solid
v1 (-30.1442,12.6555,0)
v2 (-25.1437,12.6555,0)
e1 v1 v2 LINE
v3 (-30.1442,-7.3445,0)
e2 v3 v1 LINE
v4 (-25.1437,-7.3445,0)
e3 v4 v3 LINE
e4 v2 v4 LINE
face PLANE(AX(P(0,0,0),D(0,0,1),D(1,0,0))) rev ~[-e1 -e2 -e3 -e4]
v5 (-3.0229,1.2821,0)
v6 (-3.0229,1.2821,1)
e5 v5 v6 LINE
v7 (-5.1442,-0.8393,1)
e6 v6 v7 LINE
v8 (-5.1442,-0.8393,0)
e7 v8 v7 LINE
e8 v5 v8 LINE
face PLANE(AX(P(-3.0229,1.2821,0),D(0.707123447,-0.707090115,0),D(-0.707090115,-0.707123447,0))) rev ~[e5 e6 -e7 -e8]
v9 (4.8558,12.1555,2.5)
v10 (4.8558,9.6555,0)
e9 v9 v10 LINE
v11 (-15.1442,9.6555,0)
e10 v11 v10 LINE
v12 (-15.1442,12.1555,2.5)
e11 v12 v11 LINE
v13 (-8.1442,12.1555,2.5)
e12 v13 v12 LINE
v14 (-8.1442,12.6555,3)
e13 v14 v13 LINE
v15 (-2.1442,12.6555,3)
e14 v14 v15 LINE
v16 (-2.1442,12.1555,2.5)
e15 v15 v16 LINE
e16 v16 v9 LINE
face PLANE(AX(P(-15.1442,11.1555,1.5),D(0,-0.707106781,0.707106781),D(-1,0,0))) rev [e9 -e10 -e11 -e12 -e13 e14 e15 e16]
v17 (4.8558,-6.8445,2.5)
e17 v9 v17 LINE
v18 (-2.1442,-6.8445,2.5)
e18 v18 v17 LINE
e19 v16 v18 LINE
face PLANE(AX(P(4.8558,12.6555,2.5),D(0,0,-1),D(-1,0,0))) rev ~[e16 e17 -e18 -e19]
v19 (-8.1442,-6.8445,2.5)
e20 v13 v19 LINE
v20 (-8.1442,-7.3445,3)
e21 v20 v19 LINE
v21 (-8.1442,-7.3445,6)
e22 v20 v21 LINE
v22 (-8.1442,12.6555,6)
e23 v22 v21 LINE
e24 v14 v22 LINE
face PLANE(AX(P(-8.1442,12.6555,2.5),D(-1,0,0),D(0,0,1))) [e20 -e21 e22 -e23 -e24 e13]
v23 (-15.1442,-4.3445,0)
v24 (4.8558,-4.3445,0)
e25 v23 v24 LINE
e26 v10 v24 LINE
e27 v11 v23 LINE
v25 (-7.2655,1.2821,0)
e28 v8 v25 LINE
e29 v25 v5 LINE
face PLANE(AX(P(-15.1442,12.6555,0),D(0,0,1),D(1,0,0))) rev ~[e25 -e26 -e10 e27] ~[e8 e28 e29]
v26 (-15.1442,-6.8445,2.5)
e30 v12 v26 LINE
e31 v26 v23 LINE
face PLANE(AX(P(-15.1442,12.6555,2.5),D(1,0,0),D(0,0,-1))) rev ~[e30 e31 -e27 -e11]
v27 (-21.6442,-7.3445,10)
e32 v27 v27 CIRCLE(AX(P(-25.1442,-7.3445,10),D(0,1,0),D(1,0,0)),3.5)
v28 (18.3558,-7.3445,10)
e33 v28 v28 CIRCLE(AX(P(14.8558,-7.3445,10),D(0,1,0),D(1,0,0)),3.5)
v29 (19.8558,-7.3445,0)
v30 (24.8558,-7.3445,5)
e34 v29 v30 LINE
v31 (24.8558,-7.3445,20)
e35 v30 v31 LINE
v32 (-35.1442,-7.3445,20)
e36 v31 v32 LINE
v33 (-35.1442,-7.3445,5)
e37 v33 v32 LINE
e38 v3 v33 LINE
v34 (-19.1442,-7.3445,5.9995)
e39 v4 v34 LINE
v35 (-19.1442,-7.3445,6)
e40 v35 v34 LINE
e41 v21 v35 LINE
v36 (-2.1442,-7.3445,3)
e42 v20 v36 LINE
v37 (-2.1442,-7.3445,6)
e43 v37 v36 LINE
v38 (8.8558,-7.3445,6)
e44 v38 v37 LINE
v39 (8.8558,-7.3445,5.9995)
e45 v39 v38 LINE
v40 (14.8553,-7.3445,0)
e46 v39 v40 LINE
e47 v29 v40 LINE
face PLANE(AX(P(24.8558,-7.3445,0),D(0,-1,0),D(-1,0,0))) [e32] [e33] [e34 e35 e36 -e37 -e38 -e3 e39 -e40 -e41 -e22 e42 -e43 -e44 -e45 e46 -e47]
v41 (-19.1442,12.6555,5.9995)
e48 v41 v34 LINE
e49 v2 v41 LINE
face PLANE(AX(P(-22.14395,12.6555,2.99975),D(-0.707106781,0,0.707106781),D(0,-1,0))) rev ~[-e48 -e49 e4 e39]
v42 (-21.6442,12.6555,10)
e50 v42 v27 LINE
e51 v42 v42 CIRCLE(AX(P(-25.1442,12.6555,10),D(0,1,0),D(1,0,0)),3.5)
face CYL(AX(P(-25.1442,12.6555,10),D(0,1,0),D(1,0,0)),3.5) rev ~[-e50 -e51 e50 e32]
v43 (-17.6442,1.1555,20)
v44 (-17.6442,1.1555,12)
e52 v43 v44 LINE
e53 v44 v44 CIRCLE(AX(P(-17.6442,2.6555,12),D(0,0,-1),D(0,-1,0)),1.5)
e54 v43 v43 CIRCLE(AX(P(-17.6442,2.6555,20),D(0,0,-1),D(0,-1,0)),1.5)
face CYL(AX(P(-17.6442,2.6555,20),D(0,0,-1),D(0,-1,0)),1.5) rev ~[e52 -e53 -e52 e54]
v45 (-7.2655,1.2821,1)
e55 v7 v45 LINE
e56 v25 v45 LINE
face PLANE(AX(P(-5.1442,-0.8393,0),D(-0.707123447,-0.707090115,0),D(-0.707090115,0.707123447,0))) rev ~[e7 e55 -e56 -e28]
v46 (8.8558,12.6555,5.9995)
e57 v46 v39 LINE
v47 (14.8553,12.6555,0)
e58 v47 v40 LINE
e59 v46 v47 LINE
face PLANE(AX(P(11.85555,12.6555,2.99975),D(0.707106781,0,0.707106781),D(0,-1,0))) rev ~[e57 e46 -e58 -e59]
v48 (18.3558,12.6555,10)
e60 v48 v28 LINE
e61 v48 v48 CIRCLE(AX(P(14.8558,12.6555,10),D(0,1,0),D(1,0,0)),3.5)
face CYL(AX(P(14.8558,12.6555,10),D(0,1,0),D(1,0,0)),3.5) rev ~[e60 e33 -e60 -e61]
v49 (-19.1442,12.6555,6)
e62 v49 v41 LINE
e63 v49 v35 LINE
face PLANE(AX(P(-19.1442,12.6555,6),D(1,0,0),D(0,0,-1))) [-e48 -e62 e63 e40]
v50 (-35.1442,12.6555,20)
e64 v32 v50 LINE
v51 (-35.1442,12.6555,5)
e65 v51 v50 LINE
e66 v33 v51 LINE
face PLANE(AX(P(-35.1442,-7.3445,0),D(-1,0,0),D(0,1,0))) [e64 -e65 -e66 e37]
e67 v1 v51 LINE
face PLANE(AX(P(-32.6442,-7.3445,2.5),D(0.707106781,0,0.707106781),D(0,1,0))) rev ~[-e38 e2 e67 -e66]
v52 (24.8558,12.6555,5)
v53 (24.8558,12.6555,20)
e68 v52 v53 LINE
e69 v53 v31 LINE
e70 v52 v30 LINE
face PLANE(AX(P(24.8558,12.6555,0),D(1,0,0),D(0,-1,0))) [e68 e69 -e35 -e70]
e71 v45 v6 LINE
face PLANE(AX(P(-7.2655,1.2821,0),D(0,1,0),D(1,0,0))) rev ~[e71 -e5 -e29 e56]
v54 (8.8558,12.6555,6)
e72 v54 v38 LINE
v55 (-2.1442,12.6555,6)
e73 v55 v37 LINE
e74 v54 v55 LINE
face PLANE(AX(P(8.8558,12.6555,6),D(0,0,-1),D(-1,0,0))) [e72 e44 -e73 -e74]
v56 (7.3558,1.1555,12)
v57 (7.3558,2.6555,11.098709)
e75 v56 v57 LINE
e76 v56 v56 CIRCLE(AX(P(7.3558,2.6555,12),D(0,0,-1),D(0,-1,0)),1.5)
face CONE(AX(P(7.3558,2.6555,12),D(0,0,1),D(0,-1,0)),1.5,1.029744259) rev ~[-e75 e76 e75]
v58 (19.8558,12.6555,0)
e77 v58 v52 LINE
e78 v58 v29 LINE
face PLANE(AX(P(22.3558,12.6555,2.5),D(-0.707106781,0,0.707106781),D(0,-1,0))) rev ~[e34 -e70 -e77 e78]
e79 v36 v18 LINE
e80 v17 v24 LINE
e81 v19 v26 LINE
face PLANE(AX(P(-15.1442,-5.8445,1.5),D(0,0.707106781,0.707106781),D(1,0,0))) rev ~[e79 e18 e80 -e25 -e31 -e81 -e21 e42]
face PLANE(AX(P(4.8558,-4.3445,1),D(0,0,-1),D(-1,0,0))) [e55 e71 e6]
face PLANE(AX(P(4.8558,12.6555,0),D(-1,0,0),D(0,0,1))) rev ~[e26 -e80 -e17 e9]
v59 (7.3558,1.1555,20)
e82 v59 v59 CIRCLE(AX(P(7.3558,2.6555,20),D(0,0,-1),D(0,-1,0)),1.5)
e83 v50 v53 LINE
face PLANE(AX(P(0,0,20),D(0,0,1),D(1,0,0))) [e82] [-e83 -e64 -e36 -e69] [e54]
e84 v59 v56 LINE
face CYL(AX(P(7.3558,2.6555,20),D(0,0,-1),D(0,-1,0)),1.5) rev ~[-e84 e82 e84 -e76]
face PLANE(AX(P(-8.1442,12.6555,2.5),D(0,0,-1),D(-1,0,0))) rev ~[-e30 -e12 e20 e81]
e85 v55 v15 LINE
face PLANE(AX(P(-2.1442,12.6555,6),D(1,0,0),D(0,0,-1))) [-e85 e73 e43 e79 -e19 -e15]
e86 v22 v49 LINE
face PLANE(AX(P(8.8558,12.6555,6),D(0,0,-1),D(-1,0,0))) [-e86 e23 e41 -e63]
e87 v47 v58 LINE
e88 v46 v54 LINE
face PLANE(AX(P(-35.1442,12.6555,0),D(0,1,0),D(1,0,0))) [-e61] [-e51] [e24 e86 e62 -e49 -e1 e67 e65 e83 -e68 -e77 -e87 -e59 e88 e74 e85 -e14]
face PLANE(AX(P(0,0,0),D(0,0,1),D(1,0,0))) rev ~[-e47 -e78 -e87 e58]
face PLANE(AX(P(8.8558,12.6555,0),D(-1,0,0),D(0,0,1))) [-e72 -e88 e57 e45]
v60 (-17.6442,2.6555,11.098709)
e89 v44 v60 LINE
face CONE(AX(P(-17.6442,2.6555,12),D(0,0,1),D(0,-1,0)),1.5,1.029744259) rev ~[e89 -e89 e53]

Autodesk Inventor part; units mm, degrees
ref_plane "YZ Plane" through (0, 0, 0) normal (1, 0, 0) x (0, 1, 0)
ref_plane "XZ Plane" through (0, 0, 0) normal (0, 1, 0) x (-1, 0, 0)
ref_plane "XY Plane" through (0, 0, 0) normal (0, 0, 1) x (1, 0, 0)
sketch "Sketch1" plane through (0, 0, 0) normal (0, 0, 1) x (1, 0, 0)
  line L0 (-35.1442, 12.6555) -> (24.8558, 12.6555)
  line L1 (24.8558, 12.6555) -> (24.8558, -7.3445)
  line L2 (24.8558, -7.3445) -> (-35.1442, -7.3445)
  line L3 (-35.1442, -7.3445) -> (-35.1442, 12.6555)
  point P0 (0, 0)
  dimension "d0" = 60
  dimension "d1" = 20
extrude "Extrusion1" add sketch "Sketch1" along normal blind 20
sketch "Sketch2" plane through (-35.1442, 12.6555, 0) normal (0, 1, 0) x (1, 0, 0)
  line L0 (0, 0) -> (0, -20) projected
  line L1 (60, 0) -> (60, -20) projected
  line L2 (0, 0) -> (60, 0) projected
  circle A0 centre (10, -10) radius 3.5
  circle A1 centre (50, -10) radius 3.5
  point P0 (35.1442, 0)
  dimension "d4" = 40
  dimension "d5" = 10
  dimension "d6" = 10
  dimension "d7" = 10
  dimension "d8" = 7
  dimension "d9" = 7
extrude "Extrusion2" cut sketch "Sketch2" against normal blind 20
sketch "Sketch3" plane through (0, 0, 20) normal (0, 0, 1) x (1, 0, 0)
  line L0 (-35.1442, 12.6555) -> (24.8558, 12.6555) projected
  line L1 (-35.1442, 12.6555) -> (-35.1442, -7.3445) projected
  line L2 (24.8558, -7.3445) -> (24.8558, 12.6555) projected
  point P0 (0, 0)
  point P1 (-17.6442, 2.6555)
  point P2 (7.3558, 2.6555)
  dimension "d12" = 10
  dimension "d13" = 10
  dimension "d14" = 25
  dimension "d15" = 17.5
  dimension "d16" = 17.5
hole "Hole1" at (-17.6442, 2.6555, 20) at (7.3558, 2.6555, 20) direction (0, 0, -1) diameter 3 depth 8 tip angle 118
sketch "Sketch4" plane through (-35.1442, 12.6555, 0) normal (0, 1, 0) x (1, 0, 0)
  line L0 (60, 0) -> (0, 0) projected
  line L1 (16, 0) -> (44, 0)
  line L2 (44, 0) -> (44, -6)
  line L3 (44, -6) -> (16, -6)
  line L4 (16, -6) -> (16, 0)
  line L5 (0, 0) -> (0, -20) projected
  line L6 (60, 0) -> (60, -20) projected
  point P0 (35.1442, 0)
  dimension "d24" = 16
  dimension "d25" = 16
  dimension "d26" = 6
extrude "Extrusion3" cut sketch "Sketch4" against normal blind 20
chamfer "Chamfer1" distance 6 angle 45 2 edges at (8.8558, 2.6555, 0) (-19.1442, 2.6555, 0)
sketch "Sketch5" plane through (-35.1442, 12.6555, 20) normal (0, 1, 0) x (1, 0, 0)
  point P0 (35.1442, 20)
sketch "Sketch6" plane through (8.8558, 12.6555, 6) normal (0, 0, -1) x (-1, 0, 0)
  point P0 (8.8558, -12.6555)
sketch "Sketch7" plane through (-35.1442, 12.6555, 20) normal (0, 1, 0) x (1, 0, 0)
  line L0 (20, 20) -> (40, 20)
  line L1 (40, 20) -> (40, 17.5)
  line L2 (40, 17.5) -> (20, 17.5)
  line L3 (20, 17.5) -> (20, 20)
  line L4 (0, 20) -> (0, 0) projected
  line L5 (60, 20) -> (60, 0) projected
  line L6 (50, 20) -> (60, 20) projected
  line L7 (44, 14) -> (16, 14) projected
  line L8 (27, 14) -> (33, 14)
  line L9 (33, 14) -> (33, 17.5)
  line L10 (33, 17.5) -> (27, 17.5)
  line L11 (27, 17.5) -> (27, 14)
  point P0 (35.1442, 20)
  dimension "d32" = 20
  dimension "d33" = 20
  dimension "d34" = 2.5
  dimension "d35" = 7
  dimension "d36" = 7
extrude "Extrusion4" add sketch "Sketch7" against normal blind 20
chamfer "Chamfer2" distance 3 angle 45 2 edges at (-5.1442, 12.6555, 0) (-5.1442, -7.3445, 0)
chamfer "Chamfer3" distance 5 angle 45 2 edges at (24.8558, 2.6555, 0) (-35.1442, 2.6555, 0)
sketch "Sketch8" plane through (4.8558, -4.3445, 0) normal (0, 0, -1) x (-1, 0, 0)
  line L0 (10, 3.5052) -> (12.1213, 5.6266)
  line L1 (10, 3.5052) -> (13, 3.5052) construction
  line L2 (12.1213, 5.6266) -> (7.8787, 5.6266)
  line L3 (7.8787, 5.6266) -> (10, 3.5052)
  point P0 (4.8558, 4.3445)
  dimension "d45" = 3
  dimension "d46" = 45
extrude "Extrusion5" cut sketch "Sketch8" against normal blind 1
properties part number "Moving block"
